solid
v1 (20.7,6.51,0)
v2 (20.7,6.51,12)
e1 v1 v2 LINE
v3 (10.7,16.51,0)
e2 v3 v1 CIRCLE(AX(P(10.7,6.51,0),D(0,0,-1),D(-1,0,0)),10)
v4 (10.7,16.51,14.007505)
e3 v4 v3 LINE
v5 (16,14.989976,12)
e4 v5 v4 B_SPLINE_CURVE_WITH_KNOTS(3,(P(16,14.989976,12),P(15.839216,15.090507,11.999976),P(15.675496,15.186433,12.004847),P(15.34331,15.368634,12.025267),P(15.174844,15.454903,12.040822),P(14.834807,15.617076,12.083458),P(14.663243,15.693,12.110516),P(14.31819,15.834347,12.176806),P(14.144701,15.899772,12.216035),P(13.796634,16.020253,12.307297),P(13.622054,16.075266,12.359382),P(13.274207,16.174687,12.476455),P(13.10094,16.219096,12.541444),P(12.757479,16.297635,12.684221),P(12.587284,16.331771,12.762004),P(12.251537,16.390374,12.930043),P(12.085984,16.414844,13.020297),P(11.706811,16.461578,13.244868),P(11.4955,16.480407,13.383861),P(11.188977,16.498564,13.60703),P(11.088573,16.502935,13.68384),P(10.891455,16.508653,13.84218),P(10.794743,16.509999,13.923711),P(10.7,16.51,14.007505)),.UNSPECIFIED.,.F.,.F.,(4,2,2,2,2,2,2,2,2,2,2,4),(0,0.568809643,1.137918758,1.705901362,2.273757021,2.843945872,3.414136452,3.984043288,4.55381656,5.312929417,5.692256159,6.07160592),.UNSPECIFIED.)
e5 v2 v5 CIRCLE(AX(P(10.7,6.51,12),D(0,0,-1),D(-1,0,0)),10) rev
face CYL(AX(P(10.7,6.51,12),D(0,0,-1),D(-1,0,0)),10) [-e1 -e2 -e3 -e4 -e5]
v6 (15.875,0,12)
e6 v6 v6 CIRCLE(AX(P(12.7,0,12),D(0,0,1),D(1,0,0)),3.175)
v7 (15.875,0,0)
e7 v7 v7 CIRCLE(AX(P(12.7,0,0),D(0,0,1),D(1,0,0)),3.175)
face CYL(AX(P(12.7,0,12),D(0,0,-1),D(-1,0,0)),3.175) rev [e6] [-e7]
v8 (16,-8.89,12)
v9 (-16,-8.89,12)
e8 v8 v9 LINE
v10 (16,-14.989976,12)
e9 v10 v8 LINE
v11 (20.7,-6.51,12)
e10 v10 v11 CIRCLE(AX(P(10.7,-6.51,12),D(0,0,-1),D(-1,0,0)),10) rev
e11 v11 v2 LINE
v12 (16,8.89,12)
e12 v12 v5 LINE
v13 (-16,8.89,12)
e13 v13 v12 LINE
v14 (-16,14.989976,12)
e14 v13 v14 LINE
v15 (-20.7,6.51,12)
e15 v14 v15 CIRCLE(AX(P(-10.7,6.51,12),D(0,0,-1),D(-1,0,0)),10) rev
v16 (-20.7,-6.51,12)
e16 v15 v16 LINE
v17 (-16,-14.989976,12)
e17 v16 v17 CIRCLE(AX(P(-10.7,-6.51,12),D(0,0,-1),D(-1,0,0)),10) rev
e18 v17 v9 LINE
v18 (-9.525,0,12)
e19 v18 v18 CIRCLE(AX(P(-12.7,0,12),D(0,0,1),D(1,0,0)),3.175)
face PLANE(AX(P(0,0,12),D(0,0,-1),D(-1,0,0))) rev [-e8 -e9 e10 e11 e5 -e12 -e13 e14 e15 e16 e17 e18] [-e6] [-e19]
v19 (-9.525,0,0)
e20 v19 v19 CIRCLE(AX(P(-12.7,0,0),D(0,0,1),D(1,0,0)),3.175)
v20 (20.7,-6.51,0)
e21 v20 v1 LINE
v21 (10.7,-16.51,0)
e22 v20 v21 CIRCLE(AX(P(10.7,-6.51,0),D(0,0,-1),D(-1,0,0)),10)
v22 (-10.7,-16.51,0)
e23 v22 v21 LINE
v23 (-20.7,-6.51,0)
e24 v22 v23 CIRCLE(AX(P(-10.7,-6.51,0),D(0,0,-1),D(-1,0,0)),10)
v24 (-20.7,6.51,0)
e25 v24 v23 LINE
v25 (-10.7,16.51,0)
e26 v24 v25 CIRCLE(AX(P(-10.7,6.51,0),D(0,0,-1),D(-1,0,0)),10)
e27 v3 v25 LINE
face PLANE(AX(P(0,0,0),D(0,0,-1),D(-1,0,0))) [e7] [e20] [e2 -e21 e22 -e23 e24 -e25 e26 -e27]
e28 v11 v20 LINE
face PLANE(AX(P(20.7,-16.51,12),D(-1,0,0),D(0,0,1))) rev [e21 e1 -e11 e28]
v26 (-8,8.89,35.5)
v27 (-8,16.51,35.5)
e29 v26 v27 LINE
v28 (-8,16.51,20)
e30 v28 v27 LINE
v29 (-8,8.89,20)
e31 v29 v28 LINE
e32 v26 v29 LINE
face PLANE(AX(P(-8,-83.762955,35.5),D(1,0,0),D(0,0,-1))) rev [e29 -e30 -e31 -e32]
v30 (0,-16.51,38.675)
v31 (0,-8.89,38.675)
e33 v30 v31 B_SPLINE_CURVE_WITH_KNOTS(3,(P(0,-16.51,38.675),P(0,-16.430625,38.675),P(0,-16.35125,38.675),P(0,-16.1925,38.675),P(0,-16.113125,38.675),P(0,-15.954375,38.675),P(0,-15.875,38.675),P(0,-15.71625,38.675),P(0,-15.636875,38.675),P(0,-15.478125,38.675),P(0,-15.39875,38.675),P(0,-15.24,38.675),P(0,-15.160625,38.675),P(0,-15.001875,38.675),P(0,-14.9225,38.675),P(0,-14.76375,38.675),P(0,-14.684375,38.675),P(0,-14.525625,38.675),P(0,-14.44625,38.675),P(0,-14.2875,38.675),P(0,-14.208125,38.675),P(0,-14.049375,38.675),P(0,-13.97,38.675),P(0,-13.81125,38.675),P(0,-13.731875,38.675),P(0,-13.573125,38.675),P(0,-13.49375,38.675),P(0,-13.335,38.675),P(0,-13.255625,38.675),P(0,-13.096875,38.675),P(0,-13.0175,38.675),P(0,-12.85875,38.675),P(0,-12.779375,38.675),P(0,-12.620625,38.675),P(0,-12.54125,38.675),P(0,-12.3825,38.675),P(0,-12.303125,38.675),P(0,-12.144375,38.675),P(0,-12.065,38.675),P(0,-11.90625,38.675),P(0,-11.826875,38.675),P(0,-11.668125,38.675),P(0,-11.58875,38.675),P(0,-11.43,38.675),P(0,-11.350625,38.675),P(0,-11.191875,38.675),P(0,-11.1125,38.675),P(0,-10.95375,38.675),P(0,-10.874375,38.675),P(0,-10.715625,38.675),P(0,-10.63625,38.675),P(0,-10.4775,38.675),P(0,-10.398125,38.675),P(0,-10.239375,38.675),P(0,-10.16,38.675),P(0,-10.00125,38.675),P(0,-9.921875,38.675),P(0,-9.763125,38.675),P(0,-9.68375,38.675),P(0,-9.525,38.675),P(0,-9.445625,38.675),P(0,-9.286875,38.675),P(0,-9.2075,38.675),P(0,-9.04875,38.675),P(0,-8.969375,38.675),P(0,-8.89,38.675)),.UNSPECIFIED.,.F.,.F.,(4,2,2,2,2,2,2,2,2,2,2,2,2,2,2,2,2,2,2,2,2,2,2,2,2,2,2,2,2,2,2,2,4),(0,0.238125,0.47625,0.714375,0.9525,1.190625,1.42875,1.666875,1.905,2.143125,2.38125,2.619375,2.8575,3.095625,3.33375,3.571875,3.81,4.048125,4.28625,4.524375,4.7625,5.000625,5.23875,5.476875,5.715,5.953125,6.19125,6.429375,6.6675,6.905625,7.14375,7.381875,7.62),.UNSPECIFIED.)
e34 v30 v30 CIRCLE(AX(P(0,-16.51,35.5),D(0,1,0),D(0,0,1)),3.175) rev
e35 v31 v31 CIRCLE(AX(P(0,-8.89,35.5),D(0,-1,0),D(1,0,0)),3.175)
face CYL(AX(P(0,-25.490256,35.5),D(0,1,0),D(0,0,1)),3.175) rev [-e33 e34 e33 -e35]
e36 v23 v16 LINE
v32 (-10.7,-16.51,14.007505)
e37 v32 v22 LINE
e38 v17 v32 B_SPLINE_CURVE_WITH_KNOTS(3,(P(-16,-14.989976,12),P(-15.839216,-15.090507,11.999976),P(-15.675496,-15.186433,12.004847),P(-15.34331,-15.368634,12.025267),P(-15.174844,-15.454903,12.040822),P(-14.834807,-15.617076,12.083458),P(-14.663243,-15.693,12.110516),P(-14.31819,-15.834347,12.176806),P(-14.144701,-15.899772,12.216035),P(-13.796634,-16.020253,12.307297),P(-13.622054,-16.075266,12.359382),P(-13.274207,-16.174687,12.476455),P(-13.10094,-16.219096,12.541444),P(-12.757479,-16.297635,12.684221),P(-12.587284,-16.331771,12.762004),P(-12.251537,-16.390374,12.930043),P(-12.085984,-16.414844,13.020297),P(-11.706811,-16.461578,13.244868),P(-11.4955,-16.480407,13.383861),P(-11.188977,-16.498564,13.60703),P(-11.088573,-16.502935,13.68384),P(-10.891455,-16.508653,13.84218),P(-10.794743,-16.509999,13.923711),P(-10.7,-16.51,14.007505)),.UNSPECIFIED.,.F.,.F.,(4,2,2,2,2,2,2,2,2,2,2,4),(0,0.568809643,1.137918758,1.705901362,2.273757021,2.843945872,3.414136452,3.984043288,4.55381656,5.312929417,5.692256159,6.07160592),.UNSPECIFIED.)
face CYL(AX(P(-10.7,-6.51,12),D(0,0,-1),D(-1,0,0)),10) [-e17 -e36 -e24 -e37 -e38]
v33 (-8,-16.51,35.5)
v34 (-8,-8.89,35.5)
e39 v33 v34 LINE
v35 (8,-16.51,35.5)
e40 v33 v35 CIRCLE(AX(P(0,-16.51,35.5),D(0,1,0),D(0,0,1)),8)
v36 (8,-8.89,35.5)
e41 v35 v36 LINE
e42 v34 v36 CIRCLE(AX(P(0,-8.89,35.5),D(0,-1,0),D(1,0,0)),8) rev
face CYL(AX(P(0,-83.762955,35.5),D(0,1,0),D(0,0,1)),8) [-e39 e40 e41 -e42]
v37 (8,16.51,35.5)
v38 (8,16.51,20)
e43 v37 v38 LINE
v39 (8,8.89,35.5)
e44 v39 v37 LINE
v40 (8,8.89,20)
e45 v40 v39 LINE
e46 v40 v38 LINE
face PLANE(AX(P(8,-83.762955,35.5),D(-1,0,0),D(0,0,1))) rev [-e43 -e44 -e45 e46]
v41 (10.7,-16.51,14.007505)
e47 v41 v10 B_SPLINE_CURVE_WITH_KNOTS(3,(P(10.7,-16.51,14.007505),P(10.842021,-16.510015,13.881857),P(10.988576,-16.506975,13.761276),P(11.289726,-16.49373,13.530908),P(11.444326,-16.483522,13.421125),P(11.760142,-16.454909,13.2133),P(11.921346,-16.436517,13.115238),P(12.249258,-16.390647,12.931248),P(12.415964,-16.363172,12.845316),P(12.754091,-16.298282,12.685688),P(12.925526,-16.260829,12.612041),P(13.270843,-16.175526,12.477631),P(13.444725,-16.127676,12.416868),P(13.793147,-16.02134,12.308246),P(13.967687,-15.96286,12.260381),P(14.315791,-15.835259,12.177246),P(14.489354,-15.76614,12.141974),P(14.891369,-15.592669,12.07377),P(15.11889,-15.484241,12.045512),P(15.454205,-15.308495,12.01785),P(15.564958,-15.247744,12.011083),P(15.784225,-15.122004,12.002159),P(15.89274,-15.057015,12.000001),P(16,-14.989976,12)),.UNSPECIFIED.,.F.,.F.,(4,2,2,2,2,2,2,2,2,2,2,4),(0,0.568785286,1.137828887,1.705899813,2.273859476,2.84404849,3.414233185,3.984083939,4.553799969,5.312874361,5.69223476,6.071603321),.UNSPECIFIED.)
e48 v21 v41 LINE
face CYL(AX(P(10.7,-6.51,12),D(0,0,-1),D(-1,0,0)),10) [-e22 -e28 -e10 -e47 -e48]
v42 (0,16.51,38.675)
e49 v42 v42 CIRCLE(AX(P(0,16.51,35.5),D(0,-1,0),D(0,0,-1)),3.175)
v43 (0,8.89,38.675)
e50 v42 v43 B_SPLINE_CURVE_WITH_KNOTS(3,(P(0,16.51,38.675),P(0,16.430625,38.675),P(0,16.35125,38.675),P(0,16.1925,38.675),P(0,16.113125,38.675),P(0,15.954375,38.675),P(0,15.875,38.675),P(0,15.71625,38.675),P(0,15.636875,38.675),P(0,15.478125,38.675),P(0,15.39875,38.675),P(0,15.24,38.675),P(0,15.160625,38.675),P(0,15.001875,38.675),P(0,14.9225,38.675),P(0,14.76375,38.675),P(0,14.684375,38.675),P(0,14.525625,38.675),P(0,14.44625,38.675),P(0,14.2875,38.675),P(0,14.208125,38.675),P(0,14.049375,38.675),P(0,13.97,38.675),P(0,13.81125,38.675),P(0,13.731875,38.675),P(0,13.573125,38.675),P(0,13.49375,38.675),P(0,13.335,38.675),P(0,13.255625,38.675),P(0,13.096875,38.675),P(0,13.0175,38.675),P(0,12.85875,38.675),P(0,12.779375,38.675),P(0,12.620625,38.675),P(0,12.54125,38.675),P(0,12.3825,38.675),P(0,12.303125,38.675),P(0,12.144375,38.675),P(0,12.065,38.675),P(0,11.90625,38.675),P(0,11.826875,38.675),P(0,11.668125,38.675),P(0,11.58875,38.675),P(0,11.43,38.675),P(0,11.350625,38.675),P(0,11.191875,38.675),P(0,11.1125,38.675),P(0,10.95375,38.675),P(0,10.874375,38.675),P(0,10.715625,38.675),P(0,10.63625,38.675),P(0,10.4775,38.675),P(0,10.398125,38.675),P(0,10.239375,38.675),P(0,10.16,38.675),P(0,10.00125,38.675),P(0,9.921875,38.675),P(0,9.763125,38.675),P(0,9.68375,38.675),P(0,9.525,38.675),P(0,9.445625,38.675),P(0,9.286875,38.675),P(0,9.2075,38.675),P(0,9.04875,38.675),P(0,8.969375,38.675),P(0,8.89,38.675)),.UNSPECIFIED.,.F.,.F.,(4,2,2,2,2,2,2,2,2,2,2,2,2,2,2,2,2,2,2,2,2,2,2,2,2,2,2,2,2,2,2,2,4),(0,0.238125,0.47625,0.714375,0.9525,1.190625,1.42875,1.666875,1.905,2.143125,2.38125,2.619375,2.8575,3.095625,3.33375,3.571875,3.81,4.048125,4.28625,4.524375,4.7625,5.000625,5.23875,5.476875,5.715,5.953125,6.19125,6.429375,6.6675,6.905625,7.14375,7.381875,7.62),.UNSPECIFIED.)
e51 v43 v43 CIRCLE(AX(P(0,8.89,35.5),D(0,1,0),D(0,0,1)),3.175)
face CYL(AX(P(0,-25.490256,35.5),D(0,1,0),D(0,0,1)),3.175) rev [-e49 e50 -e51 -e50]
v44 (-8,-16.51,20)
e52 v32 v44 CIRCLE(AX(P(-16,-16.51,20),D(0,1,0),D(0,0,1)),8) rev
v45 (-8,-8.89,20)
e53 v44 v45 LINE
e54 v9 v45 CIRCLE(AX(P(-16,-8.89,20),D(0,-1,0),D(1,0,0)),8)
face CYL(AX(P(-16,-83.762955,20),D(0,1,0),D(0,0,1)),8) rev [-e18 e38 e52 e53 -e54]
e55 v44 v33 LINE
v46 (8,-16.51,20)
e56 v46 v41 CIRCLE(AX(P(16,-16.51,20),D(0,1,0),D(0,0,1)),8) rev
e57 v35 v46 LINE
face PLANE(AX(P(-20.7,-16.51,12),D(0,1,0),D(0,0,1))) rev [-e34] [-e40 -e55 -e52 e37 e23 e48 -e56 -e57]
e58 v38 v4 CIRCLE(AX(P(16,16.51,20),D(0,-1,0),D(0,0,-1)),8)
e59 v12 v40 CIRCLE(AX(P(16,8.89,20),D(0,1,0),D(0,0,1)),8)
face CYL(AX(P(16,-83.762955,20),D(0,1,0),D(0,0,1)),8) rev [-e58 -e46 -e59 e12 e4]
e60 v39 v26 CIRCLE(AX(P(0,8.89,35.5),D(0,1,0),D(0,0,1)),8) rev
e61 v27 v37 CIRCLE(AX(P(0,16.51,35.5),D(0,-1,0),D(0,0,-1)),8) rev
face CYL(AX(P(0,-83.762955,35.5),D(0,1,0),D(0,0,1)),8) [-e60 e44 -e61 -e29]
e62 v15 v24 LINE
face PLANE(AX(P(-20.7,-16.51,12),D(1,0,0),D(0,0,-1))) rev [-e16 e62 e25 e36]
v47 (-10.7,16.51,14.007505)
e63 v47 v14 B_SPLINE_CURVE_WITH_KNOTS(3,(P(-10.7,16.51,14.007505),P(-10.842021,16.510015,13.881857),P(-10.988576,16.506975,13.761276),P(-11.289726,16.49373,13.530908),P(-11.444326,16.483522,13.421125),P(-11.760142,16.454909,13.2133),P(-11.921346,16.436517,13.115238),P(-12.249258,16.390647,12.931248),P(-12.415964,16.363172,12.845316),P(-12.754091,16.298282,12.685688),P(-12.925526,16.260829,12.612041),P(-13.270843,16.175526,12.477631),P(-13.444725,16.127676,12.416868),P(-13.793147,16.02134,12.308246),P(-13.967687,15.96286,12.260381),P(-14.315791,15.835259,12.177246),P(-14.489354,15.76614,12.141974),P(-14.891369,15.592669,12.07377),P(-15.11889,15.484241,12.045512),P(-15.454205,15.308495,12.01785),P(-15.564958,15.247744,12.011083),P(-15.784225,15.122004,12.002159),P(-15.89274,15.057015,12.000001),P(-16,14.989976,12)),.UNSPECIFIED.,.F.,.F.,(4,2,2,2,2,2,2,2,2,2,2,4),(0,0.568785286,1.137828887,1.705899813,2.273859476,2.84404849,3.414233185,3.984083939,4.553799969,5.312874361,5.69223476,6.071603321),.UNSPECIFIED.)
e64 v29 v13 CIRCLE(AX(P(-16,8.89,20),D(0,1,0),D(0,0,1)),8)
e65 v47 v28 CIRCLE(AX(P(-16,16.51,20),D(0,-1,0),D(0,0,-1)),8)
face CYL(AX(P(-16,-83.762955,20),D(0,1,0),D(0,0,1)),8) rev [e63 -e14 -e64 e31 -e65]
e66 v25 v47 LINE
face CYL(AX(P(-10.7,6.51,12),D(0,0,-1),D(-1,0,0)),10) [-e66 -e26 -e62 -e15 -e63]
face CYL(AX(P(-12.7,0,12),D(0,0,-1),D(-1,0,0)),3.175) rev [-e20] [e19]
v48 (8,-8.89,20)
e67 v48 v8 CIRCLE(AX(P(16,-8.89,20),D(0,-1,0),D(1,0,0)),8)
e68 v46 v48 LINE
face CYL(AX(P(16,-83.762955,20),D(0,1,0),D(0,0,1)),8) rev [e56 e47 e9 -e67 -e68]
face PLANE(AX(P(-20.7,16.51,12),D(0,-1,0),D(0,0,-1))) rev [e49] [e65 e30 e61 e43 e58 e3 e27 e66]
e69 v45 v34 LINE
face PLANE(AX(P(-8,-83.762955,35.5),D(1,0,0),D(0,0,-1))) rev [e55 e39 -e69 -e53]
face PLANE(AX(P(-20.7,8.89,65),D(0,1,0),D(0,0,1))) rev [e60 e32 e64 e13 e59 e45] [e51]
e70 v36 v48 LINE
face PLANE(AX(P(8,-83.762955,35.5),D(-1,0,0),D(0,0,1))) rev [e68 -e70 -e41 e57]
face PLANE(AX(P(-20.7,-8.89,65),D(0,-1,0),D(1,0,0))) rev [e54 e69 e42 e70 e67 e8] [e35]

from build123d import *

# Parameters (mm, degrees)
SKETCH1_W                      = 41.4
SKETCH1_H                      = 33.02
SKETCH1_R                      = 3.175
BOSS_EXTRUDE1_DEPTH            = 12
SKETCH2_W                      = 41.4
SKETCH2_H                      = 7.62
BOSS_EXTRUDE2_DEPTH            = 53
CUT_EXTRUDE1_REACH             = 72.186
SKETCH4_R                      = 3.175
CUT_EXTRUDE1_DIRECTION_2_REACH = 72.186
CUT_EXTRUDE3_REACH             = 72.186
CUT_EXTRUDE3_DIRECTION_2_REACH = 72.186
FILLET1_R                      = 10


with BuildPart() as part:
    # Sketch1 → Boss-Extrude1 (new body)
    with BuildSketch(Plane.XY):
        Rectangle(SKETCH1_W, SKETCH1_H)
        with Locations((12.7, 0)):
            Circle(SKETCH1_R, mode=Mode.SUBTRACT)
        with Locations((-12.7, 0)):
            Circle(SKETCH1_R, mode=Mode.SUBTRACT)
    extrude(amount=BOSS_EXTRUDE1_DEPTH)

    # Sketch2 → Boss-Extrude2 (add)
    with BuildSketch(Plane.XY.offset(12)):
        with Locations((0, 12.7)):
            Rectangle(SKETCH2_W, SKETCH2_H)
        with Locations((0, -12.7)):
            Rectangle(SKETCH2_W, SKETCH2_H)
    extrude(amount=BOSS_EXTRUDE2_DEPTH)

    # Cut-Extrude1: up to this face of the body (flat: up to its plane)
    cut_extrude1_end = Plane(part.part.faces().sort_by_distance((0, -16.51, 32.5))[0])
    # Sketch4 → Cut-Extrude1 (cut, up to the picked face)
    with BuildSketch(Plane(origin=(0, 0, 0), x_dir=(1, 0, 0), z_dir=(0, 1, 0)), mode=Mode.PRIVATE) as cut_extrude1_sk1:
        with Locations(Location((0, -35.5, 0), (0, 0, 270))):
            Circle(SKETCH4_R)
    cut_extrude1_tool1 = split(extrude(cut_extrude1_sk1.sketch, amount=-CUT_EXTRUDE1_REACH, mode=Mode.PRIVATE), bisect_by=cut_extrude1_end, keep=Keep.BOTH, mode=Mode.PRIVATE)
    add(cut_extrude1_tool1.solids().sort_by(Axis((0, 0, 35.5), (0, -1, 0)))[0], mode=Mode.SUBTRACT)

    # Cut-Extrude1 direction 2: up to this face of the body (flat: up to its plane)
    cut_extrude1_direction_2_end = Plane(part.part.faces().sort_by_distance((0, 16.51, 32.5))[0])
    # Sketch4 → Cut-Extrude1 direction 2 (cut, up to the picked face)
    with BuildSketch(Plane(origin=(0, 0, 0), x_dir=(1, 0, 0), z_dir=(0, 1, 0)), mode=Mode.PRIVATE) as cut_extrude1_direction_2_sk1:
        with Locations(Location((0, -35.5, 0), (0, 0, 270))):
            Circle(SKETCH4_R)
    cut_extrude1_direction_2_tool1 = split(extrude(cut_extrude1_direction_2_sk1.sketch, amount=CUT_EXTRUDE1_DIRECTION_2_REACH, mode=Mode.PRIVATE), bisect_by=cut_extrude1_direction_2_end, keep=Keep.BOTH, mode=Mode.PRIVATE)
    add(cut_extrude1_direction_2_tool1.solids().sort_by(Axis((0, 0, 35.5), (0, 1, 0)))[0], mode=Mode.SUBTRACT)

    # Cut-Extrude3: up to this face of the body (flat: up to its plane)
    cut_extrude3_end = Plane(part.part.faces().sort_by_distance((-19.929353518, -16.51, 32.5))[0])
    # Sketch6 → Cut-Extrude3 (cut, up to the picked face)
    with BuildSketch(Plane(origin=(0, 0, 0), x_dir=(1, 0, 0), z_dir=(0, 1, 0)), mode=Mode.PRIVATE) as cut_extrude3_sk1:
        with BuildLine():
            Line((-8, -35.5), (-8, -20))
            ThreePointArc((-8, -20), (-10.343145751, -14.343145751), (-16, -12))
            Line((-16, -12), (-20.7, -12))
            Line((-20.7, -12), (-20.7, -65))
            Line((-20.7, -65), (20.7, -65))
            Line((20.7, -65), (20.7, -12))
            Line((20.7, -12), (16, -12))
            ThreePointArc((16, -12), (10.343145751, -14.343145751), (8, -20))
            Line((8, -20), (8, -35.5))
            ThreePointArc((8, -35.5), (0, -43.5), (-8, -35.5))
        make_face()
    cut_extrude3_tool1 = split(extrude(cut_extrude3_sk1.sketch, amount=-CUT_EXTRUDE3_REACH, mode=Mode.PRIVATE), bisect_by=cut_extrude3_end, keep=Keep.BOTH, mode=Mode.PRIVATE)
    add(cut_extrude3_tool1.solids().sort_by(Axis((-8.67253, 0, 27.75), (0, -1, 0)))[0], mode=Mode.SUBTRACT)

    # Cut-Extrude3 direction 2: up to this face of the body (flat: up to its plane)
    cut_extrude3_direction_2_end = Plane(part.part.faces().sort_by_distance((19.929353518, 16.51, 32.5))[0])
    # Sketch6 → Cut-Extrude3 direction 2 (cut, up to the picked face)
    with BuildSketch(Plane(origin=(0, 0, 0), x_dir=(1, 0, 0), z_dir=(0, 1, 0)), mode=Mode.PRIVATE) as cut_extrude3_direction_2_sk1:
        with BuildLine():
            Line((-8, -35.5), (-8, -20))
            ThreePointArc((-8, -20), (-10.343145751, -14.343145751), (-16, -12))
            Line((-16, -12), (-20.7, -12))
            Line((-20.7, -12), (-20.7, -65))
            Line((-20.7, -65), (20.7, -65))
            Line((20.7, -65), (20.7, -12))
            Line((20.7, -12), (16, -12))
            ThreePointArc((16, -12), (10.343145751, -14.343145751), (8, -20))
            Line((8, -20), (8, -35.5))
            ThreePointArc((8, -35.5), (0, -43.5), (-8, -35.5))
        make_face()
    cut_extrude3_direction_2_tool1 = split(extrude(cut_extrude3_direction_2_sk1.sketch, amount=CUT_EXTRUDE3_DIRECTION_2_REACH, mode=Mode.PRIVATE), bisect_by=cut_extrude3_direction_2_end, keep=Keep.BOTH, mode=Mode.PRIVATE)
    add(cut_extrude3_direction_2_tool1.solids().sort_by(Axis((-8.67253, 0, 27.75), (0, 1, 0)))[0], mode=Mode.SUBTRACT)

    # Fillet1
    fillet1_edges = [part.edges().sort_by_distance(p)[0] for p in [
        (-20.7, -16.51, 6),
        (-20.7, 16.51, 6),
        (20.7, -16.51, 6),
        (20.7, 16.51, 6),
    ]]
    fillet(fillet1_edges, radius=FILLET1_R)


solid = part.part
